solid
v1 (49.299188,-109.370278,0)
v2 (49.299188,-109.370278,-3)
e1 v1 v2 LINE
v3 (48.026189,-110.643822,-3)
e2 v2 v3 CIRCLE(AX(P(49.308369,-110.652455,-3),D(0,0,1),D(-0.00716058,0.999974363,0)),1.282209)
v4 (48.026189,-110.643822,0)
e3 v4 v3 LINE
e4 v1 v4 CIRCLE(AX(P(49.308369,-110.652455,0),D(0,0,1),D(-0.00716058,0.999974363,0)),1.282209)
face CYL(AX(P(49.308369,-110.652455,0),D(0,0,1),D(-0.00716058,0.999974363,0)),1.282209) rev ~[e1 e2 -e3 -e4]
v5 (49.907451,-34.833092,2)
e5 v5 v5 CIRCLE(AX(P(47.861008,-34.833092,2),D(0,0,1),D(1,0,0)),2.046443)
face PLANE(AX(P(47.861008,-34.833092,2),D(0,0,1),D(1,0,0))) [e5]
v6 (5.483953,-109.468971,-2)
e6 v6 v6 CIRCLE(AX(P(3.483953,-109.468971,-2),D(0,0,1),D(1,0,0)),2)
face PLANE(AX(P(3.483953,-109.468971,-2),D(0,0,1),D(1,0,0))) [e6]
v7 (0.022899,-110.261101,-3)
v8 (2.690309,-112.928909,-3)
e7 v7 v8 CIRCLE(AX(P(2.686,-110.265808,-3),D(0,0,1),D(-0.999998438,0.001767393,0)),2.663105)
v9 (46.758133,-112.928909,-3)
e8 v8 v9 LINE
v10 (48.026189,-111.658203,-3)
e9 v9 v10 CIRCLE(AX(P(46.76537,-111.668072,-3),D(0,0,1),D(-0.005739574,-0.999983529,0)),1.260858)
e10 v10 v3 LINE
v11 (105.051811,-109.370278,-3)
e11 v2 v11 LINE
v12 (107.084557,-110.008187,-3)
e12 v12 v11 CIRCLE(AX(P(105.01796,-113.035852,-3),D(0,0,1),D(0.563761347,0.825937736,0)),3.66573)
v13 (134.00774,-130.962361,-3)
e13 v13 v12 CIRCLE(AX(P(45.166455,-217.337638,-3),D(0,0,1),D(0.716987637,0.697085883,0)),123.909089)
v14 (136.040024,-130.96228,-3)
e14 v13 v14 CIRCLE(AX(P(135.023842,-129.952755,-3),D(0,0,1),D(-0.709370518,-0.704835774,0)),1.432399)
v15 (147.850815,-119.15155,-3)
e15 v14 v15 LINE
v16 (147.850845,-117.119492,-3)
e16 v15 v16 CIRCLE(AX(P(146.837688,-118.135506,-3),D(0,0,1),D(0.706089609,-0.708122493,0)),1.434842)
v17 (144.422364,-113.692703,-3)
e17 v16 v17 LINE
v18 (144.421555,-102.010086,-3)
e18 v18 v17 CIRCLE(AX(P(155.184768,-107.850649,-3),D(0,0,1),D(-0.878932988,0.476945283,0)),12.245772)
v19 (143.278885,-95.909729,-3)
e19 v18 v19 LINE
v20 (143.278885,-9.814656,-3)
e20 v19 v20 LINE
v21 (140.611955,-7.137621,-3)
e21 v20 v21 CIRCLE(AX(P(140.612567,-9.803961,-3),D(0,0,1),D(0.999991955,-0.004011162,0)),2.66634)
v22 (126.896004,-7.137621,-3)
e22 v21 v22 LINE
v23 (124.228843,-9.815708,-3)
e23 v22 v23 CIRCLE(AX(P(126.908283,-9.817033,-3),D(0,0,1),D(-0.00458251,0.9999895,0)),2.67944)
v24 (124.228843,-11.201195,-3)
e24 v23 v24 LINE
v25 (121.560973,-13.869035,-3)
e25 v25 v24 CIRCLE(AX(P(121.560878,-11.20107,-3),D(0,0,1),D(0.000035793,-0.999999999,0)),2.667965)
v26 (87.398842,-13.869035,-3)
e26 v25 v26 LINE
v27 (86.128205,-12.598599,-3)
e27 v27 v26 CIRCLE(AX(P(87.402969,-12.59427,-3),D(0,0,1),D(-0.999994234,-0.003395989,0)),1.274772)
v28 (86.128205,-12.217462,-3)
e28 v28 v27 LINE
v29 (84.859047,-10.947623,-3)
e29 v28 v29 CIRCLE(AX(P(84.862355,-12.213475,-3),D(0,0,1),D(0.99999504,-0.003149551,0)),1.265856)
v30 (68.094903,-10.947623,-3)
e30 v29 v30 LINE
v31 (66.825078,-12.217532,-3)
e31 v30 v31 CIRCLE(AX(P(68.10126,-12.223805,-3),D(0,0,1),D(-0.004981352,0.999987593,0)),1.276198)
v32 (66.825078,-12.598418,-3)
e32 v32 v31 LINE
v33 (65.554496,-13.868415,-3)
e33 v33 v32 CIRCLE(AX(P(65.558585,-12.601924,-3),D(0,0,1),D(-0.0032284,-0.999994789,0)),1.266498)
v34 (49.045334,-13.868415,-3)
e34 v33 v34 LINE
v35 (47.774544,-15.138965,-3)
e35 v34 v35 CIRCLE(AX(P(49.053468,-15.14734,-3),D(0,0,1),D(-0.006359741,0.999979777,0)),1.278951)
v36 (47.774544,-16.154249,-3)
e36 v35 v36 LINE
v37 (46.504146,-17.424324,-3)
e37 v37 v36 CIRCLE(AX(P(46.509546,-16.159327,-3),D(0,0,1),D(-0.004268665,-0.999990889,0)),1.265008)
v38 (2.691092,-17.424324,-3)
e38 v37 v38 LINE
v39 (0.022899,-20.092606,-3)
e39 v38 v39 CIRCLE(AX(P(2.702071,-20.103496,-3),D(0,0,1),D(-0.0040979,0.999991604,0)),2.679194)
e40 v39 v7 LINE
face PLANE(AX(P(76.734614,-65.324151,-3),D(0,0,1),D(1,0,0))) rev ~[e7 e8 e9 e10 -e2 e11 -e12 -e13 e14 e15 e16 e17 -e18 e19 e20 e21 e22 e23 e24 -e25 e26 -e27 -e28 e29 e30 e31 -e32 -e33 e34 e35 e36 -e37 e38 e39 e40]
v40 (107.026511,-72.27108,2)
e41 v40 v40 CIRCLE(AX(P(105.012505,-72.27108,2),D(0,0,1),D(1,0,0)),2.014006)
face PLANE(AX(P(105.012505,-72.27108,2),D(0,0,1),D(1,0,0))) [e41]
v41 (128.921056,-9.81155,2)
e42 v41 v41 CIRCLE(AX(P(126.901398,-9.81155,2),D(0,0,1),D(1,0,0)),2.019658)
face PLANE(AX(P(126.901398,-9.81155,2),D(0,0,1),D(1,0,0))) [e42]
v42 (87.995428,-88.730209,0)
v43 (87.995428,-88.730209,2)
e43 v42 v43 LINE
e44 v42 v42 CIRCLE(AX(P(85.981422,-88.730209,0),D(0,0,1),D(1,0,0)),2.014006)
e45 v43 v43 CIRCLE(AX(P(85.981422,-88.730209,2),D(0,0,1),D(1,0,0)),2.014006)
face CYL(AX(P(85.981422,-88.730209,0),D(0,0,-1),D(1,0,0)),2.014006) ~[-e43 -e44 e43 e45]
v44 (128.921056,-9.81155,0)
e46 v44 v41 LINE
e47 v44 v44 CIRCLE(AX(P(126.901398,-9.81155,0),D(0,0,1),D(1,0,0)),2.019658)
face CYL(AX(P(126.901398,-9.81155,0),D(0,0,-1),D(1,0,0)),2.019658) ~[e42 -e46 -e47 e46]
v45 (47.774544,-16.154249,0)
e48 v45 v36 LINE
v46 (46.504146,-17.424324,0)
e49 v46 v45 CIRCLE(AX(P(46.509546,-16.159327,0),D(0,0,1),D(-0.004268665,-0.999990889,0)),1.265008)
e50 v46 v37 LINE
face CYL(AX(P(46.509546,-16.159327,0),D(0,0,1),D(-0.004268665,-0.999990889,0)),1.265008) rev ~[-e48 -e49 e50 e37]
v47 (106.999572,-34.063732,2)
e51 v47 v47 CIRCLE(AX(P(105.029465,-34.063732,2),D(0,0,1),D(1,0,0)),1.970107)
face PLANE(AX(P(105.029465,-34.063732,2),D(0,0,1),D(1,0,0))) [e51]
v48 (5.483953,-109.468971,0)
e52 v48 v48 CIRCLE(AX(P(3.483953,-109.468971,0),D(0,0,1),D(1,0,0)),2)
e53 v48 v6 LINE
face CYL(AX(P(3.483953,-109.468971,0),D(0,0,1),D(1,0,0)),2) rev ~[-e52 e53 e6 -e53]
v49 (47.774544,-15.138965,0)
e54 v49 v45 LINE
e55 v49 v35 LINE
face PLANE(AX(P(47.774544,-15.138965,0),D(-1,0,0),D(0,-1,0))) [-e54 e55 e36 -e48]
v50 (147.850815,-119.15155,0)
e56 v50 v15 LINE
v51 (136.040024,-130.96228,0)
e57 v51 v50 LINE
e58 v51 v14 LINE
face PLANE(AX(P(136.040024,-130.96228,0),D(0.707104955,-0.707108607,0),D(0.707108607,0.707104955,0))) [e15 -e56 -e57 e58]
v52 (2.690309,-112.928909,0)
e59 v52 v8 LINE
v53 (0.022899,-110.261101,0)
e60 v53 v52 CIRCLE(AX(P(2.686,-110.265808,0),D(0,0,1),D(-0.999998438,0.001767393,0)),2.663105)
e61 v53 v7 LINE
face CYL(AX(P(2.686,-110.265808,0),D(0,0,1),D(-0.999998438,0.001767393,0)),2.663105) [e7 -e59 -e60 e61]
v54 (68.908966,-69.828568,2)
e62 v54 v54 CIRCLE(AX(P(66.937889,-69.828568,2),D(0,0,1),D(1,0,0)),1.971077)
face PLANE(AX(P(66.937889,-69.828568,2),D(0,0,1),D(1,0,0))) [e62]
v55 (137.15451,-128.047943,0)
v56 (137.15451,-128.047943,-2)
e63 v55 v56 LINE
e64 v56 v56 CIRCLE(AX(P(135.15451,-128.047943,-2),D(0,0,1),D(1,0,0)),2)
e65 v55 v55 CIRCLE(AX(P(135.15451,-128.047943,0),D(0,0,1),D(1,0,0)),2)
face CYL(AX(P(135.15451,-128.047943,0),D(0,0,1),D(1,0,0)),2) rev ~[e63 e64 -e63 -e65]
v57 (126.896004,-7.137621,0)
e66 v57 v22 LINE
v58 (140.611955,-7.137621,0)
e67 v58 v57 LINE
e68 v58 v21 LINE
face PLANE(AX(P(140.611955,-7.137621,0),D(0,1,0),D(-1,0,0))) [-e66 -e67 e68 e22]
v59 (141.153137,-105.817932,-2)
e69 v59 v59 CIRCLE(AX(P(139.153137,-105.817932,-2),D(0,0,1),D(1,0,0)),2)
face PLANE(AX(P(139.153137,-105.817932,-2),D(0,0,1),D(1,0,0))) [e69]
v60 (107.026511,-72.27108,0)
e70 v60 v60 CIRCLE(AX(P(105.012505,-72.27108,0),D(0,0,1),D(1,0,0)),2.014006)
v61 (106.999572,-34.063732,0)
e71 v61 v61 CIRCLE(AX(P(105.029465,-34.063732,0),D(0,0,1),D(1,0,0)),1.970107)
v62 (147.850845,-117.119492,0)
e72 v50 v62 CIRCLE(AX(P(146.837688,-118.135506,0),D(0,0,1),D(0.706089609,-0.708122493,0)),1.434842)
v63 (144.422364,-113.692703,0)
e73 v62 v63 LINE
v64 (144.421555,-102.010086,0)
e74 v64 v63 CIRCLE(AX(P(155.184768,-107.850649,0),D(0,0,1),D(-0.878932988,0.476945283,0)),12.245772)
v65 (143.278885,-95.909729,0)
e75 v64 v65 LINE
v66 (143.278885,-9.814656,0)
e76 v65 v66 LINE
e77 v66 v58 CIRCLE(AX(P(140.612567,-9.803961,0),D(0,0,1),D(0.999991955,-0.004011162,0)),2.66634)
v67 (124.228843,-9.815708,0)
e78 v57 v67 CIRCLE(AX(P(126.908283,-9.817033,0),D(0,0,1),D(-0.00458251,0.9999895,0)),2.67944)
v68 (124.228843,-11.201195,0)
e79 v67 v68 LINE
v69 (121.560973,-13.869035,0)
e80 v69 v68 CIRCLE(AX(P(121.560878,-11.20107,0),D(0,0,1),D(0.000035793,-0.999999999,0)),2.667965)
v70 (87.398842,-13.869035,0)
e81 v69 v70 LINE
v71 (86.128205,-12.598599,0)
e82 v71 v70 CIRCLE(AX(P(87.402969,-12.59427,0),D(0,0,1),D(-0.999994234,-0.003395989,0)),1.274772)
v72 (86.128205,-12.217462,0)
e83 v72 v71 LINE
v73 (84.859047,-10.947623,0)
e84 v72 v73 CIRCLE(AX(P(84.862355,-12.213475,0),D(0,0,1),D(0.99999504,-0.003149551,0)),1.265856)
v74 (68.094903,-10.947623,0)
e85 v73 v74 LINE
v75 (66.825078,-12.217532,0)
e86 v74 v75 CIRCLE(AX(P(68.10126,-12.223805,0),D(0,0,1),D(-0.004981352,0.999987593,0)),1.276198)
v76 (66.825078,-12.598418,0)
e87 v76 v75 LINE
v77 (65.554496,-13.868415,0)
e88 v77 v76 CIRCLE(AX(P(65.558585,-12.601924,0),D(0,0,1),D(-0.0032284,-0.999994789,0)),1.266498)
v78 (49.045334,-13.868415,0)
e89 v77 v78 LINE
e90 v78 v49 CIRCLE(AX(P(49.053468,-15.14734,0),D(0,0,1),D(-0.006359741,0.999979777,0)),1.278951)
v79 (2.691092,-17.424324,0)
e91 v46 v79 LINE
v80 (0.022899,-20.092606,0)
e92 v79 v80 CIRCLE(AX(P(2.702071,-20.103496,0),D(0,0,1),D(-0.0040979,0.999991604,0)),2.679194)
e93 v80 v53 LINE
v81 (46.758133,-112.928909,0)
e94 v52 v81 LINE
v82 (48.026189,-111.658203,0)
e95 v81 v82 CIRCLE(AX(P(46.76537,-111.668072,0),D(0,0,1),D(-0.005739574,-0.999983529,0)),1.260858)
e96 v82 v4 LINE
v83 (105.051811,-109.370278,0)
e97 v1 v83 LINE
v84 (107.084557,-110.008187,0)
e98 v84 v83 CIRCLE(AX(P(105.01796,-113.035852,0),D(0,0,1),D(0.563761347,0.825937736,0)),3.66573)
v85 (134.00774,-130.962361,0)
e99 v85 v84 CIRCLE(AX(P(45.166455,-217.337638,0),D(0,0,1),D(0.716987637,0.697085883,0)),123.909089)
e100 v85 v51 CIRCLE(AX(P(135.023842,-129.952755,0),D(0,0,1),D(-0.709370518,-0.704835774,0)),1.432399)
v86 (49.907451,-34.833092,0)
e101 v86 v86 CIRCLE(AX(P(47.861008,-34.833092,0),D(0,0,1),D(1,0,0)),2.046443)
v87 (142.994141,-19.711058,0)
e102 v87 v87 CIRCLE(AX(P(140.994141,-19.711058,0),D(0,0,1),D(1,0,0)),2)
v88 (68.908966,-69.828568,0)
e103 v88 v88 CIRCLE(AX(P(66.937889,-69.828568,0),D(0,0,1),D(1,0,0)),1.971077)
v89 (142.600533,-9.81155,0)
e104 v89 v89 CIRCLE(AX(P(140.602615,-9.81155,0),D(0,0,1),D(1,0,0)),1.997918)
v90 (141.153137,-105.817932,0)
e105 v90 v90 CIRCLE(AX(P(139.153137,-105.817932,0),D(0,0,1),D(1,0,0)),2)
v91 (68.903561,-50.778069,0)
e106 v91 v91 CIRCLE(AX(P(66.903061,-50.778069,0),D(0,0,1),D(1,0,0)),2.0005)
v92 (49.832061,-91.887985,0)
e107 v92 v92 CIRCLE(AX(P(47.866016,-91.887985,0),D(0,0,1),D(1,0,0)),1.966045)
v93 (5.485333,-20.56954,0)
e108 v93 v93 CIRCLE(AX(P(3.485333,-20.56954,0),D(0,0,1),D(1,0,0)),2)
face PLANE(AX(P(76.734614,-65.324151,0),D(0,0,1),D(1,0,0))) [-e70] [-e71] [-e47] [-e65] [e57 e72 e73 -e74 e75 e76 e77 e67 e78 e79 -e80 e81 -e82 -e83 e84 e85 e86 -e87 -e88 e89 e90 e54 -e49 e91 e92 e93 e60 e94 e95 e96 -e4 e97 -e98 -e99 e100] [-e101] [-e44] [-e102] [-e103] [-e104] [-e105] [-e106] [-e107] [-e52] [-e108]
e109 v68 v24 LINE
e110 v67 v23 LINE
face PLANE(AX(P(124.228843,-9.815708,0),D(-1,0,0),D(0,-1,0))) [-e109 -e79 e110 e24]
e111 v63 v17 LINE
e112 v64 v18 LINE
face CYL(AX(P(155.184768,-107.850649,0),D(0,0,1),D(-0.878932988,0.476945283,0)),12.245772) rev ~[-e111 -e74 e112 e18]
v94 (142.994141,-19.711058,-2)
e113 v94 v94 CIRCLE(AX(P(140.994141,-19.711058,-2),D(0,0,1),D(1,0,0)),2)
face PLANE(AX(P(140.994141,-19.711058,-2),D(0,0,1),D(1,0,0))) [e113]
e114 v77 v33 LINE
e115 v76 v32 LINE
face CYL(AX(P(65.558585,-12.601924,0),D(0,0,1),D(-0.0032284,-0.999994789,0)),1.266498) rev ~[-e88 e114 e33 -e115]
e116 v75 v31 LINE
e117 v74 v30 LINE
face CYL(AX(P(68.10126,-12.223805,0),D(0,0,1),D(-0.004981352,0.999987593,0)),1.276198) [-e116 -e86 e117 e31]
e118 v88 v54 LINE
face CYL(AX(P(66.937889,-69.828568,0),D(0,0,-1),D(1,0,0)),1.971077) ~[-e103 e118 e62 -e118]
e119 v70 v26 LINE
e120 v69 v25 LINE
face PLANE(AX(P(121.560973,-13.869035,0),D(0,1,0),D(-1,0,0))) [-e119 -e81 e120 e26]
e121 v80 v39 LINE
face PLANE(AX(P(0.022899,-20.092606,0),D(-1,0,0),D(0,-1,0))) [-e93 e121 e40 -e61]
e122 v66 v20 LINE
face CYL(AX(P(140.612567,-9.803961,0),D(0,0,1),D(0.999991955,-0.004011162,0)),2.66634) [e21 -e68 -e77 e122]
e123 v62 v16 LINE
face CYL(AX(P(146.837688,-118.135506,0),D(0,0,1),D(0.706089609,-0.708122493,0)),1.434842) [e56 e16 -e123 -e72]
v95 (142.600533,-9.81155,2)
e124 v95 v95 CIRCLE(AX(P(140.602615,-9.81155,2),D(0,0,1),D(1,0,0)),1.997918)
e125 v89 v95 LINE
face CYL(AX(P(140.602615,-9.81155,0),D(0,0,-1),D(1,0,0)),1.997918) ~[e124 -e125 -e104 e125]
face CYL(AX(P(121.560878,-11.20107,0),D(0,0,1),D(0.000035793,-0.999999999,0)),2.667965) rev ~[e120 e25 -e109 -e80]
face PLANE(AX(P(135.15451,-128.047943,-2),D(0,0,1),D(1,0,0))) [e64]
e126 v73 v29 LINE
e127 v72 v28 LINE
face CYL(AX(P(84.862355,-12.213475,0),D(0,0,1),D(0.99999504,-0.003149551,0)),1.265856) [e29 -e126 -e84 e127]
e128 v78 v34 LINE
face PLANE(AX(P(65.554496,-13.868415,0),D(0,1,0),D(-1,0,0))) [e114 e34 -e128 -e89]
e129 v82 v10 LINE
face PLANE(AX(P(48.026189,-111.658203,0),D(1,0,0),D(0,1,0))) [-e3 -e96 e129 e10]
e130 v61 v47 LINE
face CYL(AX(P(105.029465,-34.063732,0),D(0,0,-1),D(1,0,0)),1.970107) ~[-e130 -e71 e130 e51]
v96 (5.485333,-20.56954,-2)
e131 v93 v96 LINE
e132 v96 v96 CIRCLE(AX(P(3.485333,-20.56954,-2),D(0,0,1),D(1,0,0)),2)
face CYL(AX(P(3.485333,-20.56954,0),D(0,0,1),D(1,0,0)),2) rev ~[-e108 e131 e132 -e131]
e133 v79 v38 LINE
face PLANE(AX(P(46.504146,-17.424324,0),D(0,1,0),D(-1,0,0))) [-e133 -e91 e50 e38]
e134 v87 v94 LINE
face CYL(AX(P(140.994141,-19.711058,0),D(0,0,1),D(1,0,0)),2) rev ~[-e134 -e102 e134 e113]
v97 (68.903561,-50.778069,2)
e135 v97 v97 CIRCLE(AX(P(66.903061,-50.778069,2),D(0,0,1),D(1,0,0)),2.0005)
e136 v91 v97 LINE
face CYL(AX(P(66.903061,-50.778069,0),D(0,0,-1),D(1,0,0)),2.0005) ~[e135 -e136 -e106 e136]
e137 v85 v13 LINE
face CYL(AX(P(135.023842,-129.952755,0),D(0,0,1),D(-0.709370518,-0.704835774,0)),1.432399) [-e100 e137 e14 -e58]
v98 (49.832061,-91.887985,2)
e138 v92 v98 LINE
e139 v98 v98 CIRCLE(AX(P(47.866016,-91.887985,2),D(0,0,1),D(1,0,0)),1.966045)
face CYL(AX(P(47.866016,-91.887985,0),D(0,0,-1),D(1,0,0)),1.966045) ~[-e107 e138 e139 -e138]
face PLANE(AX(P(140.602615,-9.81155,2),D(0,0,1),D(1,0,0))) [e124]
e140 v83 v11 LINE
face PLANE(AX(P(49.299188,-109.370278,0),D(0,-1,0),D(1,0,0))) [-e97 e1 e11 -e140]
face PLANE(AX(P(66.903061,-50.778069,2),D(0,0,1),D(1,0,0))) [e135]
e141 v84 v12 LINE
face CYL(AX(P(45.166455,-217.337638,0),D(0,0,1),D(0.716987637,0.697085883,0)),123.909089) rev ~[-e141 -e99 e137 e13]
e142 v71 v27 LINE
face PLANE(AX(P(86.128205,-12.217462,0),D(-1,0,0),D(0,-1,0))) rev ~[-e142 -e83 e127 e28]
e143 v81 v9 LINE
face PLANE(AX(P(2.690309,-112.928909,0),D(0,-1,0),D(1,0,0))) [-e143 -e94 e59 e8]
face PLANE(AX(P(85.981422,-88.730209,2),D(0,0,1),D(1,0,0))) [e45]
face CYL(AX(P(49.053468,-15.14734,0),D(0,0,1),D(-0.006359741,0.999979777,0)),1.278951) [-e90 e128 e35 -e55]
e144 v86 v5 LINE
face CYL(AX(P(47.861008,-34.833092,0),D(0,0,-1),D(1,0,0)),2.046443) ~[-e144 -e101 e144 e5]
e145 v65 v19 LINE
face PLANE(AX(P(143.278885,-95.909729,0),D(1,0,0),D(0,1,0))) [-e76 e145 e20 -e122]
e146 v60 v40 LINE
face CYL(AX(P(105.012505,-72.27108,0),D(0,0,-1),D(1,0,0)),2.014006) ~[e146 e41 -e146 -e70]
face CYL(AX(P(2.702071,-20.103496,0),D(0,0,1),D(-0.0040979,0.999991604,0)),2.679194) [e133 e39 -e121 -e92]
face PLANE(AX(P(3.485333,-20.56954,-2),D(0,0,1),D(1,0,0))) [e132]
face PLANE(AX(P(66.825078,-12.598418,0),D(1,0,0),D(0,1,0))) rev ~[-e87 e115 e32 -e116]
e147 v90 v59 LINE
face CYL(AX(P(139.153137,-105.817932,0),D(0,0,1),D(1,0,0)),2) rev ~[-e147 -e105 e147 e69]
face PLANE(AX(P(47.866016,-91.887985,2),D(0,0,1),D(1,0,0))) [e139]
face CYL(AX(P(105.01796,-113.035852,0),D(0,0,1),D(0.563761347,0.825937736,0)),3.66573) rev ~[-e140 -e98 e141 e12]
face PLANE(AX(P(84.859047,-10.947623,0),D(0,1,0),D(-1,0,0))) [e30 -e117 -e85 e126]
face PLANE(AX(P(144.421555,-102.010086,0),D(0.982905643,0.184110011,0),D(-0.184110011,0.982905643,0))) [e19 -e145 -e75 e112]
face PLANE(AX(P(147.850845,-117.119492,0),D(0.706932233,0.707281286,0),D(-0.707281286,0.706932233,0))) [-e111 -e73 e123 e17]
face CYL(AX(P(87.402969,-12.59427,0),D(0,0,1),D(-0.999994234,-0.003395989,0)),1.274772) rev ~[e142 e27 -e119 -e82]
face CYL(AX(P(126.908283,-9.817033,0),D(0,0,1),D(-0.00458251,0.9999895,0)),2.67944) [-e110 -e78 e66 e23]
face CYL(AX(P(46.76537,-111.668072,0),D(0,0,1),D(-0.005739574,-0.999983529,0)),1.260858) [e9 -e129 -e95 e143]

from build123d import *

# Parameters (mm, degrees)
PAD_DEPTH       = 3
SKETCH013_R     = 1.970107
SKETCH013_R_2   = 2.014006
SKETCH013_R_3   = 1.966045
SKETCH013_R_4   = 2.046443
SKETCH013_R_5   = 1.971077
SKETCH013_R_6   = 2.0005
SKETCH013_R_7   = 2.019658
SKETCH013_R_8   = 1.997918
PAD014_DEPTH    = 2
SKETCH016_R     = 2
POCKET001_DEPTH = 2


with BuildPart() as part:
    # Sketch → Pad (new body)
    with BuildSketch(Plane.XY):
        with BuildLine():
            ThreePointArc((2.691092, -17.424324), (0.807563, -18.209051), (0.022899, -20.092606))
            Line((0.022899, -20.092606), (0.022899, -110.261101))
            ThreePointArc((0.022899, -110.261101), (0.80276, -112.148767), (2.690309, -112.928909))
            Line((2.690309, -112.928909), (46.758133, -112.928909))
            ThreePointArc((46.758133, -112.928909), (47.657861, -112.558702), (48.026189, -111.658203))
            Line((48.026189, -111.658203), (48.026189, -110.643822))
            ThreePointArc((49.299188, -109.370278), (48.401516, -109.74599), (48.026189, -110.643822))
            Line((49.299188, -109.370278), (105.051811, -109.370278))
            ThreePointArc((107.084557, -110.008187), (106.115549, -109.538299), (105.051811, -109.370278))
            ThreePointArc((134.00774, -130.962361), (121.270775, -119.55423), (107.084557, -110.008187))
            ThreePointArc((134.00774, -130.962361), (135.023899, -131.385154), (136.040024, -130.96228))
            Line((136.040024, -130.96228), (147.850815, -119.15155))
            ThreePointArc((147.850815, -119.15155), (148.27253, -118.135527), (147.850845, -117.119492))
            Line((147.850845, -117.119492), (144.422364, -113.692703))
            ThreePointArc((144.421555, -102.010086), (142.938996, -107.851497), (144.422364, -113.692703))
            Line((144.421555, -102.010086), (143.278885, -95.909729))
            Line((143.278885, -95.909729), (143.278885, -9.814656))
            ThreePointArc((143.278885, -9.814656), (142.501515, -7.922142), (140.611955, -7.137621))
            Line((140.611955, -7.137621), (126.896004, -7.137621))
            ThreePointArc((126.896004, -7.137621), (125.009764, -7.926259), (124.228843, -9.815708))
            Line((124.228843, -9.815708), (124.228843, -11.201195))
            ThreePointArc((121.560973, -13.869035), (123.447403, -13.087617), (124.228843, -11.201195))
            Line((121.560973, -13.869035), (87.398842, -13.869035))
            ThreePointArc((86.128205, -12.598599), (86.501641, -13.495741), (87.398842, -13.869035))
            Line((86.128205, -12.217462), (86.128205, -12.598599))
            ThreePointArc((86.128205, -12.217462), (85.757691, -11.31862), (84.859047, -10.947623))
            Line((84.859047, -10.947623), (68.094903, -10.947623))
            ThreePointArc((68.094903, -10.947623), (67.198822, -11.321427), (66.825078, -12.217532))
            Line((66.825078, -12.598418), (66.825078, -12.217532))
            ThreePointArc((65.554496, -13.868415), (66.453928, -13.497679), (66.825078, -12.598418))
            Line((65.554496, -13.868415), (49.045334, -13.868415))
            ThreePointArc((49.045334, -13.868415), (48.149198, -14.2429), (47.774544, -15.138965))
            Line((47.774544, -15.138965), (47.774544, -16.154249))
            ThreePointArc((46.504146, -17.424324), (47.403928, -17.053937), (47.774544, -16.154249))
            Line((46.504146, -17.424324), (2.691092, -17.424324))
        make_face()
    extrude(amount=-PAD_DEPTH)

    # Sketch013 → Pad014 (join)
    with BuildSketch(Plane.XY):
        with Locations((105.029465, -34.063732)):
            Circle(SKETCH013_R)
        with Locations((85.981422, -88.730209)):
            Circle(SKETCH013_R_2)
        with Locations((47.866016, -91.887985)):
            Circle(SKETCH013_R_3)
        with Locations((47.861008, -34.833092)):
            Circle(SKETCH013_R_4)
        with Locations((66.937889, -69.828568)):
            Circle(SKETCH013_R_5)
        with Locations((66.903061, -50.778069)):
            Circle(SKETCH013_R_6)
        with Locations((126.901398, -9.81155)):
            Circle(SKETCH013_R_7)
        with Locations((140.602615, -9.81155)):
            Circle(SKETCH013_R_8)
        with Locations((105.012505, -72.27108)):
            Circle(SKETCH013_R_2)
    extrude(amount=PAD014_DEPTH)

    # Sketch016 → Pocket001 (cut)
    with BuildSketch(Plane.XY):
        with Locations((135.15451, -128.047943)):
            Circle(SKETCH016_R)
        with Locations((139.153137, -105.817932)):
            Circle(SKETCH016_R)
        with Locations((140.994141, -19.711058)):
            Circle(SKETCH016_R)
        with Locations((3.483953, -109.468971)):
            Circle(SKETCH016_R)
        with Locations((3.485333, -20.56954)):
            Circle(SKETCH016_R)
    extrude(amount=-POCKET001_DEPTH, mode=Mode.SUBTRACT)


solid = part.part
